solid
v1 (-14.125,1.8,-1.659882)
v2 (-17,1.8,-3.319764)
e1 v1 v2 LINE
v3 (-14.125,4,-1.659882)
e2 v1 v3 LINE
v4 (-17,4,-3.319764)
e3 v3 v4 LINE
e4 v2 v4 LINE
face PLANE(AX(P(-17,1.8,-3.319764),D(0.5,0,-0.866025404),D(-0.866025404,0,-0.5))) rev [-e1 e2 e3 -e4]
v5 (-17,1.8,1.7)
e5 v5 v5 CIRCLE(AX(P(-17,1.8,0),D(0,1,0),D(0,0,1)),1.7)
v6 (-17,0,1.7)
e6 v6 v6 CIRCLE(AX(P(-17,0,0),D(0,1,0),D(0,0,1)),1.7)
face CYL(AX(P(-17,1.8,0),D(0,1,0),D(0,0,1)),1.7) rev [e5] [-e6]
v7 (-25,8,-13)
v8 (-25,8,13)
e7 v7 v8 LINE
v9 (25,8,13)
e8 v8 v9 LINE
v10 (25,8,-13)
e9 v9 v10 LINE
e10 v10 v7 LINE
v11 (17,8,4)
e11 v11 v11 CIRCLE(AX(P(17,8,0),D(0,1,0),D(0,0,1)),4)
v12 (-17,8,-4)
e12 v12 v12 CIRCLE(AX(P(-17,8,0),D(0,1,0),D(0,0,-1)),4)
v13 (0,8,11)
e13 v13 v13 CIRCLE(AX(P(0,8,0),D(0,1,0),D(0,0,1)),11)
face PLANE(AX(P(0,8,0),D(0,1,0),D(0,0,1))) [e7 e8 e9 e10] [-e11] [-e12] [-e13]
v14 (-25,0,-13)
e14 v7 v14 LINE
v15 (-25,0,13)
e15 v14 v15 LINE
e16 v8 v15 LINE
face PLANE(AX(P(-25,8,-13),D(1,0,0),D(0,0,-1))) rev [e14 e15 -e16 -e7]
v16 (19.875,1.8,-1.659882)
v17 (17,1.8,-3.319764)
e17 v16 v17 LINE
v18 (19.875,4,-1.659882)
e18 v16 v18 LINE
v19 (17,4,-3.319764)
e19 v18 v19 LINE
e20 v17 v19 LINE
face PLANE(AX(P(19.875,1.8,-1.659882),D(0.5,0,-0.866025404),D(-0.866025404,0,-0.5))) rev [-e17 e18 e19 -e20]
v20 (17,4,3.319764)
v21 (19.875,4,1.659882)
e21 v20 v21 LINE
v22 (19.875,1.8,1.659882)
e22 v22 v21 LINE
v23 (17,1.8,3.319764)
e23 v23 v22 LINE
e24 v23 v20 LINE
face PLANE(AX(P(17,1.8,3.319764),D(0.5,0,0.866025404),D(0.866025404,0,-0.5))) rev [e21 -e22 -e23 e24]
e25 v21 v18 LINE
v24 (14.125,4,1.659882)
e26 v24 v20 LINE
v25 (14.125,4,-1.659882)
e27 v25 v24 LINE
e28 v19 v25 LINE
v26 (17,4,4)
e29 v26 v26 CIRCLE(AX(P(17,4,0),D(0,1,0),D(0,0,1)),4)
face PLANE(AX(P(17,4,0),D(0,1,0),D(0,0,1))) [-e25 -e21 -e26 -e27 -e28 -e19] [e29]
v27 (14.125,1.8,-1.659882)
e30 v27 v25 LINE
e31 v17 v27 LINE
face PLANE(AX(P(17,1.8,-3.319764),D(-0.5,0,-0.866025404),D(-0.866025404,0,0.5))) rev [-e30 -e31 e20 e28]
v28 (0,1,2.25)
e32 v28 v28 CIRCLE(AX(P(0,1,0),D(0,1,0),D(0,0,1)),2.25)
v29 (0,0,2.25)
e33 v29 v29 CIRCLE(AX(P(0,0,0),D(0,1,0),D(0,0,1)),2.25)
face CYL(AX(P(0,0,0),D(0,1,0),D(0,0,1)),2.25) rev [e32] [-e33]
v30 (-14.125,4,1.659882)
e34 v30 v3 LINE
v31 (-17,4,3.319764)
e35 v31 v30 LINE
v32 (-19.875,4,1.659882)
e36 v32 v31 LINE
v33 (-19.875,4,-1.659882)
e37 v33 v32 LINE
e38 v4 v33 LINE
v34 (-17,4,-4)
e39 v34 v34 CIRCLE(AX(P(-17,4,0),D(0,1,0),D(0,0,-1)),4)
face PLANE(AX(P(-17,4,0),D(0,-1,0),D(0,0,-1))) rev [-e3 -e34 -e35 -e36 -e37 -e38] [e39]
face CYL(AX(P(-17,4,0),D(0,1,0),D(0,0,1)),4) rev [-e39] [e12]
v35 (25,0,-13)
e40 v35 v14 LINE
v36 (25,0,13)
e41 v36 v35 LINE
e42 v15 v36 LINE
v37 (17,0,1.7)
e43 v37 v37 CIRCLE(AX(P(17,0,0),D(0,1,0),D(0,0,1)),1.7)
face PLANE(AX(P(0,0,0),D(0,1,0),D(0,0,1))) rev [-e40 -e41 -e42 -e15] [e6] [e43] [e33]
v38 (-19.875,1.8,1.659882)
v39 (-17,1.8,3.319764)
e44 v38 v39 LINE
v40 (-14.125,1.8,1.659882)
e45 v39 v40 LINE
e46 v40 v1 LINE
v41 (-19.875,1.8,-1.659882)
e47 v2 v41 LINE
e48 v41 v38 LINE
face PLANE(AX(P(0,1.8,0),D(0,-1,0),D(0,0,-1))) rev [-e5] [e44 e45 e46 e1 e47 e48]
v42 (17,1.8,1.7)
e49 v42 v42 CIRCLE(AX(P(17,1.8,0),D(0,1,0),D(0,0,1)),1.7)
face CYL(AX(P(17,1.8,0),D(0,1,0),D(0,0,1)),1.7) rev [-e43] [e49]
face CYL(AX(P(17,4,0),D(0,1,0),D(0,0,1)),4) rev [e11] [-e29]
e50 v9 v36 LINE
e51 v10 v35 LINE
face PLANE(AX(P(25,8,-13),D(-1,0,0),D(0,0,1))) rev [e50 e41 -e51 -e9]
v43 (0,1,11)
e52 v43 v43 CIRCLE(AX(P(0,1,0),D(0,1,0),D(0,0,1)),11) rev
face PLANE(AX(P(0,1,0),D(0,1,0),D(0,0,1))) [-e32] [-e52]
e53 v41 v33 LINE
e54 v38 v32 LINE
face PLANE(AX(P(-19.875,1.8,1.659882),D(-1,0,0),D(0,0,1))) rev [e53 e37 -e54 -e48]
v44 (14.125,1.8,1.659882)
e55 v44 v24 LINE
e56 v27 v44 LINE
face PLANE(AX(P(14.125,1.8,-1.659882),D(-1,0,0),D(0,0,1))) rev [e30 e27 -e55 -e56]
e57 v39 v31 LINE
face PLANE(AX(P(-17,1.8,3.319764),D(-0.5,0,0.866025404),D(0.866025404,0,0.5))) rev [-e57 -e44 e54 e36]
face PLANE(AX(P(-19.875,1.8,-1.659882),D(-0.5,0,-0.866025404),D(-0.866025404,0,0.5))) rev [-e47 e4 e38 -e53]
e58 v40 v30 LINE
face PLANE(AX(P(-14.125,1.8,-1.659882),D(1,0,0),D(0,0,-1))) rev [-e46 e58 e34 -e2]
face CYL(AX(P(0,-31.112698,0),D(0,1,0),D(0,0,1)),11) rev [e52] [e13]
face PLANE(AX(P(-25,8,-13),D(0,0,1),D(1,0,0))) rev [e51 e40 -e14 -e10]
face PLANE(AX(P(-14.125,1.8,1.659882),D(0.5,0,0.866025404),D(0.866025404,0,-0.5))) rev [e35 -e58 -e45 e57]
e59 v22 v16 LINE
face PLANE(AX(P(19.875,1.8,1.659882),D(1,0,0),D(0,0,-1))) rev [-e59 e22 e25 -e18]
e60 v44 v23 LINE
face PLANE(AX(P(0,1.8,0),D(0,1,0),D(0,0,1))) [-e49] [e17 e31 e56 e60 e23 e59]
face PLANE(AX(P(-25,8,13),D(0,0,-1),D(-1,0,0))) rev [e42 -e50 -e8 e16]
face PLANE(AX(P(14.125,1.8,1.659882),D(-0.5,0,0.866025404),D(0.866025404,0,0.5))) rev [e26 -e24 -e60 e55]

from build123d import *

# Parameters (mm, degrees)
SKETCH1_W                = 50
SKETCH1_H                = 26
BOSS_EXTRUDE1_DEPTH      = 8
SKETCH2_R                = 11
CUT_EXTRUDE1_DEPTH       = 7
SKETCH5_R                = 2.25
CUT_EXTRUDE2_DEPTH       = 2
SKETCH6_R                = 4
CUT_EXTRUDE3_DEPTH       = 4
CUT_EXTRUDE4_DEPTH       = 2.2
M3_CLEARANCE_HOLE1_D     = 3.4
M3_CLEARANCE_HOLE1_DEPTH = 1.8


with BuildPart() as part:
    # Sketch1 → Boss-Extrude1 (new body)
    with BuildSketch(Plane(origin=(0, 0, 0), x_dir=(1, 0, 0), z_dir=(0, 1, 0))):
        Rectangle(SKETCH1_W, SKETCH1_H)
    extrude(amount=BOSS_EXTRUDE1_DEPTH)

    # Sketch2 → Cut-Extrude1 (cut)
    with BuildSketch(Plane(origin=(0, 8, 0), x_dir=(1, 0, 0), z_dir=(0, 1, 0))):
        Circle(SKETCH2_R)
    extrude(amount=-CUT_EXTRUDE1_DEPTH, mode=Mode.SUBTRACT)

    # Sketch5 → Cut-Extrude2 (cut, through all)
    with BuildSketch(Plane(origin=(0, 1, 0), x_dir=(1, 0, 0), z_dir=(0, 1, 0))):
        Circle(SKETCH5_R)
    extrude(amount=-CUT_EXTRUDE2_DEPTH, mode=Mode.SUBTRACT)

    # Sketch6 → Cut-Extrude3 (cut)
    with BuildSketch(Plane(origin=(0, 8, 0), x_dir=(1, 0, 0), z_dir=(0, 1, 0))):
        with Locations((17, 0)):
            Circle(SKETCH6_R)
        with Locations((-17, 0)):
            Circle(SKETCH6_R)
    extrude(amount=-CUT_EXTRUDE3_DEPTH, mode=Mode.SUBTRACT)

    # Sketch7 → Cut-Extrude4 (cut)
    with BuildSketch(Plane(origin=(0, 4, 0), x_dir=(1, 0, 0), z_dir=(0, 1, 0))):
        Polygon((19.875, -1.659882024), (19.875, 1.659882024), (17, 3.319764048), (14.125, 1.659882024), (14.125, -1.659882024), (17, -3.319764048), align=None)
        Polygon((-17, -3.319764048), (-19.875, -1.659882024), (-19.875, 1.659882024), (-17, 3.319764048), (-14.125, 1.659882024), (-14.125, -1.659882024), align=None)
    extrude(amount=-CUT_EXTRUDE4_DEPTH, mode=Mode.SUBTRACT)

    # M3 Clearance Hole1
    with Locations(Plane(origin=(0, 1.8, 0), x_dir=(1, 0, 0), z_dir=(0, 1, 0))):
        with Locations((17, 0), (-17, 0)):
            Hole(M3_CLEARANCE_HOLE1_D / 2, depth=M3_CLEARANCE_HOLE1_DEPTH)


solid = part.part
